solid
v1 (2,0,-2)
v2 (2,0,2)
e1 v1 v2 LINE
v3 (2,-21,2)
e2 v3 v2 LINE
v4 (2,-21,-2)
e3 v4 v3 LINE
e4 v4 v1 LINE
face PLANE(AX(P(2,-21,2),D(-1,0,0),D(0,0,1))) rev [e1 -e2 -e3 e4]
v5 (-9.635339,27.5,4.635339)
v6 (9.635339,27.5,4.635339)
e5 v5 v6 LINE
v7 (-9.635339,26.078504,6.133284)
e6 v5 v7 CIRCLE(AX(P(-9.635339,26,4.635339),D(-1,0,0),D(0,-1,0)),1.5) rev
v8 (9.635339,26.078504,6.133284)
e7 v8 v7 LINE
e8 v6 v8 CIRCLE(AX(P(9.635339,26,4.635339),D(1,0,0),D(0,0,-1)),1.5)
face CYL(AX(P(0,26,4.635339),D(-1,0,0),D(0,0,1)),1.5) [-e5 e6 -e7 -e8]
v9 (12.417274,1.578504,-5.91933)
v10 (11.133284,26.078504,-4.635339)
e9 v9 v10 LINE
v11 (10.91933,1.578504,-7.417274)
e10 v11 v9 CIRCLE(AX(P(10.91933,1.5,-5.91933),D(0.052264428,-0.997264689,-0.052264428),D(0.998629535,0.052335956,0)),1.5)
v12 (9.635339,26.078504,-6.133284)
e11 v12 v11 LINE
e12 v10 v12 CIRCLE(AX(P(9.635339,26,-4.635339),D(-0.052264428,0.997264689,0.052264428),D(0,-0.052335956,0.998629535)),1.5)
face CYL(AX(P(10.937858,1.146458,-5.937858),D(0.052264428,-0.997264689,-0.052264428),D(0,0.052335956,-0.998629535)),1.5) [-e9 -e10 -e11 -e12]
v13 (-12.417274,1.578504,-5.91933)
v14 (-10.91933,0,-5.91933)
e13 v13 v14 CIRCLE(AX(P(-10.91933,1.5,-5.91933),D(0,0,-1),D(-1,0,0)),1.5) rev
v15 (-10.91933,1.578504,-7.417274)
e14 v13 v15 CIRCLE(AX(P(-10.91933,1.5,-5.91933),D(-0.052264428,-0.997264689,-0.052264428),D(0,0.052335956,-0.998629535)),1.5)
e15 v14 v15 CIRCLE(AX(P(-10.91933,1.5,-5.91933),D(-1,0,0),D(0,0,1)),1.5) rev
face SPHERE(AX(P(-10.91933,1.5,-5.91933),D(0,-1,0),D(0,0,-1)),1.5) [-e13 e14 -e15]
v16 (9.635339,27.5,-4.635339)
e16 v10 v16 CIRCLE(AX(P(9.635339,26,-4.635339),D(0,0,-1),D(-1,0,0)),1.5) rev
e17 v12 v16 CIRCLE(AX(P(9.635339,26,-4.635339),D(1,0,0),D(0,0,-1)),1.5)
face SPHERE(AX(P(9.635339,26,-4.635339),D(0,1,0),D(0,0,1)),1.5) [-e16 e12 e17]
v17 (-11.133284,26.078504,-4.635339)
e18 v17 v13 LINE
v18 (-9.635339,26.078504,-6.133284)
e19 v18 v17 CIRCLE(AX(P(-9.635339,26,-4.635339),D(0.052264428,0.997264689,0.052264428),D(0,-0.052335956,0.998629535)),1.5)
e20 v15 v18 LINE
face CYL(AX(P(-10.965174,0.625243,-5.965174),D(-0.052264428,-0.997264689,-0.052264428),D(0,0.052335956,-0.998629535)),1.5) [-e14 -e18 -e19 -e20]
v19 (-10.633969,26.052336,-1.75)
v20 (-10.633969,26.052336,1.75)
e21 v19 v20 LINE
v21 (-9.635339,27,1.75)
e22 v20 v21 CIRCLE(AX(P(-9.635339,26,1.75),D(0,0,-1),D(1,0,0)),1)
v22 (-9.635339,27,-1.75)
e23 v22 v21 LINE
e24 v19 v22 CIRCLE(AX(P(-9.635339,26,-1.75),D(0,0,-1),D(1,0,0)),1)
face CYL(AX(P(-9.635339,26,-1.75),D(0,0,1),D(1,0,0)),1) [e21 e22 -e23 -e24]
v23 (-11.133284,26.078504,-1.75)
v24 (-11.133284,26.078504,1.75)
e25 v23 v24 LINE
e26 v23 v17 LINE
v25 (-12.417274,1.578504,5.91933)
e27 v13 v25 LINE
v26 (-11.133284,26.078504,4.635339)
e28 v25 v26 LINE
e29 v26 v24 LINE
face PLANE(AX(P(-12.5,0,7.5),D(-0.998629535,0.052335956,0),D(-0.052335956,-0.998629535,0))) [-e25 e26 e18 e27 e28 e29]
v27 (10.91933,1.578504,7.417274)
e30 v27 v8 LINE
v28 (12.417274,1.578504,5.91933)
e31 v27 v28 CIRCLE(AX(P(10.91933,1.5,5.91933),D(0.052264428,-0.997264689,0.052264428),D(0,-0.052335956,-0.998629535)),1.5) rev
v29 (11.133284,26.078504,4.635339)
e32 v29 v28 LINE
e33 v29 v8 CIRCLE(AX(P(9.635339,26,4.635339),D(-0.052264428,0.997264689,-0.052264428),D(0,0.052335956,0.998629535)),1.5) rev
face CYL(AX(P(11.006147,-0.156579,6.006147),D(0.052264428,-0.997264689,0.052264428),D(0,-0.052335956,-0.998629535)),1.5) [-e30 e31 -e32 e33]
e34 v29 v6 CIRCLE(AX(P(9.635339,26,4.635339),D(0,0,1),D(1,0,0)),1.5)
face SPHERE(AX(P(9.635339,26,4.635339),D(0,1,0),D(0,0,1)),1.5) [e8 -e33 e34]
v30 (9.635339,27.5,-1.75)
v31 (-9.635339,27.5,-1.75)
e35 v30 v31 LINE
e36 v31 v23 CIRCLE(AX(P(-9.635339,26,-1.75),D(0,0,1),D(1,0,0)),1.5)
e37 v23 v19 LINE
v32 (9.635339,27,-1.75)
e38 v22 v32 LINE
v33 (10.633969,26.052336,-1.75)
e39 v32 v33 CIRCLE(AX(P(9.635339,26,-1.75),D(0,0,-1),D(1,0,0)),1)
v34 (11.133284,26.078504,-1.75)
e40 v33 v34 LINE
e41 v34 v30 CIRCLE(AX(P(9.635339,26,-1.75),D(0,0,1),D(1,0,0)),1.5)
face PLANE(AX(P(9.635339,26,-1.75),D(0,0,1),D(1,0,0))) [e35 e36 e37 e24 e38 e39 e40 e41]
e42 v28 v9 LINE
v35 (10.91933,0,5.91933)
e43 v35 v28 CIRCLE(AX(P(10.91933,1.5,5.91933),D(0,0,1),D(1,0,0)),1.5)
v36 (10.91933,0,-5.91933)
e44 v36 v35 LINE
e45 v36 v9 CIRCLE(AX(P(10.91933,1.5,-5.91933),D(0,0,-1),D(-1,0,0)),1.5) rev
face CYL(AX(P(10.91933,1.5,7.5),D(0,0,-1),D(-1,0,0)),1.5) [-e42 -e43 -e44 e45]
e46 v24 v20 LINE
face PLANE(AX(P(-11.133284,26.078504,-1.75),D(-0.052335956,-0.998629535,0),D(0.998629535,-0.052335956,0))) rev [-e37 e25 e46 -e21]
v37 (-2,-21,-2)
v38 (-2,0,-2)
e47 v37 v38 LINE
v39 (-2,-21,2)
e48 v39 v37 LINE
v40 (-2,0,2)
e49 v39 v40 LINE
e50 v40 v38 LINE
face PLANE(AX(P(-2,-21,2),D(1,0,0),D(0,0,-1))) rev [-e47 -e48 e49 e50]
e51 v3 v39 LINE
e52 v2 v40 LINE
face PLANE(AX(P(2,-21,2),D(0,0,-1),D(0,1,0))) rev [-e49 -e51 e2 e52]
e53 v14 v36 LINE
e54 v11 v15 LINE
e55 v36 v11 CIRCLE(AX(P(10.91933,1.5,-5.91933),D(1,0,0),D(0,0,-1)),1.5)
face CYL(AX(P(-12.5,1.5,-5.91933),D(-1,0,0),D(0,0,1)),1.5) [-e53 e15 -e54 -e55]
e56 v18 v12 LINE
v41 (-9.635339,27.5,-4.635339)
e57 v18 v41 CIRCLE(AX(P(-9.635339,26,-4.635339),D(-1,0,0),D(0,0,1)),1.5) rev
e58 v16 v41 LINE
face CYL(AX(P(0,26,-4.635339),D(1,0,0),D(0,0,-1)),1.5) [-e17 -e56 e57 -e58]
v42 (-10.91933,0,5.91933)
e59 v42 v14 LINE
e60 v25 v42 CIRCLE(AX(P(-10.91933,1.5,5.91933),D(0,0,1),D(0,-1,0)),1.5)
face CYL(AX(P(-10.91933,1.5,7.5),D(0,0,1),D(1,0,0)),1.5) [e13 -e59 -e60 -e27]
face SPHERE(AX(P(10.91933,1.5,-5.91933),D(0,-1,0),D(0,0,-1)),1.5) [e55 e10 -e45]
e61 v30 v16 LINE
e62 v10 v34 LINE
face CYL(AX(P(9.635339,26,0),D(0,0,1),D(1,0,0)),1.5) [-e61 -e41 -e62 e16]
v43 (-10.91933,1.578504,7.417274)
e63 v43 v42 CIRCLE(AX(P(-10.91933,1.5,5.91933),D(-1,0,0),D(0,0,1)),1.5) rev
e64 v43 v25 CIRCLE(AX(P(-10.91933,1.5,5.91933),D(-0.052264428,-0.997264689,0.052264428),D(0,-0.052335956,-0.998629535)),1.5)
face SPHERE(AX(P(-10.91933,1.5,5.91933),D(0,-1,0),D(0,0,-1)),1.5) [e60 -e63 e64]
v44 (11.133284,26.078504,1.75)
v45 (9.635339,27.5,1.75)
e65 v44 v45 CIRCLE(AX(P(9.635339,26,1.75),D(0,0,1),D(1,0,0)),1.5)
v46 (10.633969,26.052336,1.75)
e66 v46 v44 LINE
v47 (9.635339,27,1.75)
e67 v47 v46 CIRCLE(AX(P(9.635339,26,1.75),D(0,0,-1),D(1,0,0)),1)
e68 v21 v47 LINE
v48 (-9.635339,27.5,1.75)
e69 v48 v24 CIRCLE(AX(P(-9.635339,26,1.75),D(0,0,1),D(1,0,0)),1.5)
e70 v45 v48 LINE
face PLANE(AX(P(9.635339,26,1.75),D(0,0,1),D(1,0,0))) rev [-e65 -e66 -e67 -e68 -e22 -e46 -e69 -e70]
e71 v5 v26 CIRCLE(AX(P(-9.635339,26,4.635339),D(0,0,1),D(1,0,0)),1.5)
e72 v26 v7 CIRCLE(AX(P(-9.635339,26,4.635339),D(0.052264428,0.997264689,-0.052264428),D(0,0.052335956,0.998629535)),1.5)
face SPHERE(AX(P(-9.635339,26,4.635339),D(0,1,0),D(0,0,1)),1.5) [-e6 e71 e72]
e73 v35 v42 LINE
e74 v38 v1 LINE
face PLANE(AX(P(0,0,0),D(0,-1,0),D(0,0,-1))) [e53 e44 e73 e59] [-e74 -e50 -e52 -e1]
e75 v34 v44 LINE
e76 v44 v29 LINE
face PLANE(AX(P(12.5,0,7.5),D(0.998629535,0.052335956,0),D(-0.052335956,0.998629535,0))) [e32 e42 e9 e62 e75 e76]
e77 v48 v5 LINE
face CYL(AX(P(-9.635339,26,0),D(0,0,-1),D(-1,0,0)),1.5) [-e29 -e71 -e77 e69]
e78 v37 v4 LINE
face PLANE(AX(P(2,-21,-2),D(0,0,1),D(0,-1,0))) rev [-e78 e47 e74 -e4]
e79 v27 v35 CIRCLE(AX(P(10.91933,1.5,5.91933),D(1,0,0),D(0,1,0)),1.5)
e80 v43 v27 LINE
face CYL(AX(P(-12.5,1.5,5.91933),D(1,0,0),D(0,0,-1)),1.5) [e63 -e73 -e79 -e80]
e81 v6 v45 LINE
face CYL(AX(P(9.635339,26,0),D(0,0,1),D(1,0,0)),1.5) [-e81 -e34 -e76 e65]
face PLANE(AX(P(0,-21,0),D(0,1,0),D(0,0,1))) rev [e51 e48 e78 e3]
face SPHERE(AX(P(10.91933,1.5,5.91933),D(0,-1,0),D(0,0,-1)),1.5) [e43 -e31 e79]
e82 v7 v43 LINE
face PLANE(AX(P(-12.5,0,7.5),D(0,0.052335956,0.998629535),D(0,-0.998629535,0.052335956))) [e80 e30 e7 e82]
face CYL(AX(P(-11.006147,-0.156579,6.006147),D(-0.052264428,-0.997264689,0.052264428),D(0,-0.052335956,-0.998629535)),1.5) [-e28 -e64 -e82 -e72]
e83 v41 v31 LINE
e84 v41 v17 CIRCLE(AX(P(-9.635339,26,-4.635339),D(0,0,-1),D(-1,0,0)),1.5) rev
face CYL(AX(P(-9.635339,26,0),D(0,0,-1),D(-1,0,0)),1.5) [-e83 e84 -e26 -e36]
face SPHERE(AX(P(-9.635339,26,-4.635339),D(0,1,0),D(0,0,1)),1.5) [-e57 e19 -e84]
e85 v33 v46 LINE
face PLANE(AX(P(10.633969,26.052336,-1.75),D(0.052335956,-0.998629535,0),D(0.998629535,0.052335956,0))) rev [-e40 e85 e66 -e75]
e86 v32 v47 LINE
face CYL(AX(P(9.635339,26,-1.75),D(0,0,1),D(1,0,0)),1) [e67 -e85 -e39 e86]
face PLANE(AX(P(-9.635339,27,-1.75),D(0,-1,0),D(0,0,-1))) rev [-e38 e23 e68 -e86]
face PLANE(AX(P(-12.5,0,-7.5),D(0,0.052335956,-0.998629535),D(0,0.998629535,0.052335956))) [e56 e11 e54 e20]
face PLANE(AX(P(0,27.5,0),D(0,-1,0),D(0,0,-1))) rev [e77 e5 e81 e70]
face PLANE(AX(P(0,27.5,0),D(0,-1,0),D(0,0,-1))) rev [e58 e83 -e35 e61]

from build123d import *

# Parameters (mm, degrees)
SKETCH1_W           = 25
SKETCH1_H           = 15
BOSS_EXTRUDE1_DEPTH = 27.5
BOSS_EXTRUDE1_TAPER = 3
FILLET1_R           = 1.5
SKETCH2_W           = 4
SKETCH2_H           = 4
BOSS_EXTRUDE2_DEPTH = 21
CUT_EXTRUDE1_DEPTH  = 1.75


with BuildPart() as part:
    # Sketch1 → Boss-Extrude1 (new body)
    with BuildSketch(Plane(origin=(0, 0, 0), x_dir=(1, 0, 0), z_dir=(0, 1, 0))):
        Rectangle(SKETCH1_W, SKETCH1_H)
    extrude(amount=BOSS_EXTRUDE1_DEPTH, taper=BOSS_EXTRUDE1_TAPER)

    # Fillet1
    fillet1_edges = [part.edges().sort_by_distance(p)[0] for p in [
        (-11.05878607, 27.5, 0),
        (0, 27.5, 6.05878607),
        (11.05878607, 27.5, 0),
        (0, 0, 7.5),
        (-12.5, 0, 0),
        (0, 0, -7.5),
        (12.5, 0, 0),
        (11.779393035, 13.75, 6.779393035),
        (-11.779393035, 13.75, 6.779393035),
        (-11.779393035, 13.75, -6.779393035),
        (11.779393035, 13.75, -6.779393035),
        (0, 27.5, -6.05878607),
    ]]
    fillet(fillet1_edges, radius=FILLET1_R)

    # Sketch2 → Boss-Extrude2 (add)
    with BuildSketch(Plane(origin=(0, 0, 0), x_dir=(-1, 0, 0), z_dir=(0, -1, 0))):
        Rectangle(SKETCH2_W, SKETCH2_H)
    extrude(amount=BOSS_EXTRUDE2_DEPTH)

    # Sketch3 → Cut-Extrude1 (cut, symmetric)
    with BuildSketch(Plane.XY):
        with BuildLine():
            Line((-9.63533922, 27.5), (9.63533922, 27.5))
            ThreePointArc((9.63533922, 27.5), (10.667871083, 27.088061557), (11.133283522, 26.078503934))
            Line((11.133283522, 26.078503934), (10.633968754, 26.052335956))
            ThreePointArc((10.633968754, 26.052335956), (10.323693795, 26.725374371), (9.63533922, 27))
            Line((9.63533922, 27), (-9.63533922, 27))
            ThreePointArc((-9.63533922, 27), (-10.323693795, 26.725374371), (-10.633968754, 26.052335956))
            Line((-10.633968754, 26.052335956), (-11.133283522, 26.078503934))
            ThreePointArc((-11.133283522, 26.078503934), (-10.667871083, 27.088061557), (-9.63533922, 27.5))
        make_face()
    extrude(amount=CUT_EXTRUDE1_DEPTH, both=True, mode=Mode.SUBTRACT)


solid = part.part
